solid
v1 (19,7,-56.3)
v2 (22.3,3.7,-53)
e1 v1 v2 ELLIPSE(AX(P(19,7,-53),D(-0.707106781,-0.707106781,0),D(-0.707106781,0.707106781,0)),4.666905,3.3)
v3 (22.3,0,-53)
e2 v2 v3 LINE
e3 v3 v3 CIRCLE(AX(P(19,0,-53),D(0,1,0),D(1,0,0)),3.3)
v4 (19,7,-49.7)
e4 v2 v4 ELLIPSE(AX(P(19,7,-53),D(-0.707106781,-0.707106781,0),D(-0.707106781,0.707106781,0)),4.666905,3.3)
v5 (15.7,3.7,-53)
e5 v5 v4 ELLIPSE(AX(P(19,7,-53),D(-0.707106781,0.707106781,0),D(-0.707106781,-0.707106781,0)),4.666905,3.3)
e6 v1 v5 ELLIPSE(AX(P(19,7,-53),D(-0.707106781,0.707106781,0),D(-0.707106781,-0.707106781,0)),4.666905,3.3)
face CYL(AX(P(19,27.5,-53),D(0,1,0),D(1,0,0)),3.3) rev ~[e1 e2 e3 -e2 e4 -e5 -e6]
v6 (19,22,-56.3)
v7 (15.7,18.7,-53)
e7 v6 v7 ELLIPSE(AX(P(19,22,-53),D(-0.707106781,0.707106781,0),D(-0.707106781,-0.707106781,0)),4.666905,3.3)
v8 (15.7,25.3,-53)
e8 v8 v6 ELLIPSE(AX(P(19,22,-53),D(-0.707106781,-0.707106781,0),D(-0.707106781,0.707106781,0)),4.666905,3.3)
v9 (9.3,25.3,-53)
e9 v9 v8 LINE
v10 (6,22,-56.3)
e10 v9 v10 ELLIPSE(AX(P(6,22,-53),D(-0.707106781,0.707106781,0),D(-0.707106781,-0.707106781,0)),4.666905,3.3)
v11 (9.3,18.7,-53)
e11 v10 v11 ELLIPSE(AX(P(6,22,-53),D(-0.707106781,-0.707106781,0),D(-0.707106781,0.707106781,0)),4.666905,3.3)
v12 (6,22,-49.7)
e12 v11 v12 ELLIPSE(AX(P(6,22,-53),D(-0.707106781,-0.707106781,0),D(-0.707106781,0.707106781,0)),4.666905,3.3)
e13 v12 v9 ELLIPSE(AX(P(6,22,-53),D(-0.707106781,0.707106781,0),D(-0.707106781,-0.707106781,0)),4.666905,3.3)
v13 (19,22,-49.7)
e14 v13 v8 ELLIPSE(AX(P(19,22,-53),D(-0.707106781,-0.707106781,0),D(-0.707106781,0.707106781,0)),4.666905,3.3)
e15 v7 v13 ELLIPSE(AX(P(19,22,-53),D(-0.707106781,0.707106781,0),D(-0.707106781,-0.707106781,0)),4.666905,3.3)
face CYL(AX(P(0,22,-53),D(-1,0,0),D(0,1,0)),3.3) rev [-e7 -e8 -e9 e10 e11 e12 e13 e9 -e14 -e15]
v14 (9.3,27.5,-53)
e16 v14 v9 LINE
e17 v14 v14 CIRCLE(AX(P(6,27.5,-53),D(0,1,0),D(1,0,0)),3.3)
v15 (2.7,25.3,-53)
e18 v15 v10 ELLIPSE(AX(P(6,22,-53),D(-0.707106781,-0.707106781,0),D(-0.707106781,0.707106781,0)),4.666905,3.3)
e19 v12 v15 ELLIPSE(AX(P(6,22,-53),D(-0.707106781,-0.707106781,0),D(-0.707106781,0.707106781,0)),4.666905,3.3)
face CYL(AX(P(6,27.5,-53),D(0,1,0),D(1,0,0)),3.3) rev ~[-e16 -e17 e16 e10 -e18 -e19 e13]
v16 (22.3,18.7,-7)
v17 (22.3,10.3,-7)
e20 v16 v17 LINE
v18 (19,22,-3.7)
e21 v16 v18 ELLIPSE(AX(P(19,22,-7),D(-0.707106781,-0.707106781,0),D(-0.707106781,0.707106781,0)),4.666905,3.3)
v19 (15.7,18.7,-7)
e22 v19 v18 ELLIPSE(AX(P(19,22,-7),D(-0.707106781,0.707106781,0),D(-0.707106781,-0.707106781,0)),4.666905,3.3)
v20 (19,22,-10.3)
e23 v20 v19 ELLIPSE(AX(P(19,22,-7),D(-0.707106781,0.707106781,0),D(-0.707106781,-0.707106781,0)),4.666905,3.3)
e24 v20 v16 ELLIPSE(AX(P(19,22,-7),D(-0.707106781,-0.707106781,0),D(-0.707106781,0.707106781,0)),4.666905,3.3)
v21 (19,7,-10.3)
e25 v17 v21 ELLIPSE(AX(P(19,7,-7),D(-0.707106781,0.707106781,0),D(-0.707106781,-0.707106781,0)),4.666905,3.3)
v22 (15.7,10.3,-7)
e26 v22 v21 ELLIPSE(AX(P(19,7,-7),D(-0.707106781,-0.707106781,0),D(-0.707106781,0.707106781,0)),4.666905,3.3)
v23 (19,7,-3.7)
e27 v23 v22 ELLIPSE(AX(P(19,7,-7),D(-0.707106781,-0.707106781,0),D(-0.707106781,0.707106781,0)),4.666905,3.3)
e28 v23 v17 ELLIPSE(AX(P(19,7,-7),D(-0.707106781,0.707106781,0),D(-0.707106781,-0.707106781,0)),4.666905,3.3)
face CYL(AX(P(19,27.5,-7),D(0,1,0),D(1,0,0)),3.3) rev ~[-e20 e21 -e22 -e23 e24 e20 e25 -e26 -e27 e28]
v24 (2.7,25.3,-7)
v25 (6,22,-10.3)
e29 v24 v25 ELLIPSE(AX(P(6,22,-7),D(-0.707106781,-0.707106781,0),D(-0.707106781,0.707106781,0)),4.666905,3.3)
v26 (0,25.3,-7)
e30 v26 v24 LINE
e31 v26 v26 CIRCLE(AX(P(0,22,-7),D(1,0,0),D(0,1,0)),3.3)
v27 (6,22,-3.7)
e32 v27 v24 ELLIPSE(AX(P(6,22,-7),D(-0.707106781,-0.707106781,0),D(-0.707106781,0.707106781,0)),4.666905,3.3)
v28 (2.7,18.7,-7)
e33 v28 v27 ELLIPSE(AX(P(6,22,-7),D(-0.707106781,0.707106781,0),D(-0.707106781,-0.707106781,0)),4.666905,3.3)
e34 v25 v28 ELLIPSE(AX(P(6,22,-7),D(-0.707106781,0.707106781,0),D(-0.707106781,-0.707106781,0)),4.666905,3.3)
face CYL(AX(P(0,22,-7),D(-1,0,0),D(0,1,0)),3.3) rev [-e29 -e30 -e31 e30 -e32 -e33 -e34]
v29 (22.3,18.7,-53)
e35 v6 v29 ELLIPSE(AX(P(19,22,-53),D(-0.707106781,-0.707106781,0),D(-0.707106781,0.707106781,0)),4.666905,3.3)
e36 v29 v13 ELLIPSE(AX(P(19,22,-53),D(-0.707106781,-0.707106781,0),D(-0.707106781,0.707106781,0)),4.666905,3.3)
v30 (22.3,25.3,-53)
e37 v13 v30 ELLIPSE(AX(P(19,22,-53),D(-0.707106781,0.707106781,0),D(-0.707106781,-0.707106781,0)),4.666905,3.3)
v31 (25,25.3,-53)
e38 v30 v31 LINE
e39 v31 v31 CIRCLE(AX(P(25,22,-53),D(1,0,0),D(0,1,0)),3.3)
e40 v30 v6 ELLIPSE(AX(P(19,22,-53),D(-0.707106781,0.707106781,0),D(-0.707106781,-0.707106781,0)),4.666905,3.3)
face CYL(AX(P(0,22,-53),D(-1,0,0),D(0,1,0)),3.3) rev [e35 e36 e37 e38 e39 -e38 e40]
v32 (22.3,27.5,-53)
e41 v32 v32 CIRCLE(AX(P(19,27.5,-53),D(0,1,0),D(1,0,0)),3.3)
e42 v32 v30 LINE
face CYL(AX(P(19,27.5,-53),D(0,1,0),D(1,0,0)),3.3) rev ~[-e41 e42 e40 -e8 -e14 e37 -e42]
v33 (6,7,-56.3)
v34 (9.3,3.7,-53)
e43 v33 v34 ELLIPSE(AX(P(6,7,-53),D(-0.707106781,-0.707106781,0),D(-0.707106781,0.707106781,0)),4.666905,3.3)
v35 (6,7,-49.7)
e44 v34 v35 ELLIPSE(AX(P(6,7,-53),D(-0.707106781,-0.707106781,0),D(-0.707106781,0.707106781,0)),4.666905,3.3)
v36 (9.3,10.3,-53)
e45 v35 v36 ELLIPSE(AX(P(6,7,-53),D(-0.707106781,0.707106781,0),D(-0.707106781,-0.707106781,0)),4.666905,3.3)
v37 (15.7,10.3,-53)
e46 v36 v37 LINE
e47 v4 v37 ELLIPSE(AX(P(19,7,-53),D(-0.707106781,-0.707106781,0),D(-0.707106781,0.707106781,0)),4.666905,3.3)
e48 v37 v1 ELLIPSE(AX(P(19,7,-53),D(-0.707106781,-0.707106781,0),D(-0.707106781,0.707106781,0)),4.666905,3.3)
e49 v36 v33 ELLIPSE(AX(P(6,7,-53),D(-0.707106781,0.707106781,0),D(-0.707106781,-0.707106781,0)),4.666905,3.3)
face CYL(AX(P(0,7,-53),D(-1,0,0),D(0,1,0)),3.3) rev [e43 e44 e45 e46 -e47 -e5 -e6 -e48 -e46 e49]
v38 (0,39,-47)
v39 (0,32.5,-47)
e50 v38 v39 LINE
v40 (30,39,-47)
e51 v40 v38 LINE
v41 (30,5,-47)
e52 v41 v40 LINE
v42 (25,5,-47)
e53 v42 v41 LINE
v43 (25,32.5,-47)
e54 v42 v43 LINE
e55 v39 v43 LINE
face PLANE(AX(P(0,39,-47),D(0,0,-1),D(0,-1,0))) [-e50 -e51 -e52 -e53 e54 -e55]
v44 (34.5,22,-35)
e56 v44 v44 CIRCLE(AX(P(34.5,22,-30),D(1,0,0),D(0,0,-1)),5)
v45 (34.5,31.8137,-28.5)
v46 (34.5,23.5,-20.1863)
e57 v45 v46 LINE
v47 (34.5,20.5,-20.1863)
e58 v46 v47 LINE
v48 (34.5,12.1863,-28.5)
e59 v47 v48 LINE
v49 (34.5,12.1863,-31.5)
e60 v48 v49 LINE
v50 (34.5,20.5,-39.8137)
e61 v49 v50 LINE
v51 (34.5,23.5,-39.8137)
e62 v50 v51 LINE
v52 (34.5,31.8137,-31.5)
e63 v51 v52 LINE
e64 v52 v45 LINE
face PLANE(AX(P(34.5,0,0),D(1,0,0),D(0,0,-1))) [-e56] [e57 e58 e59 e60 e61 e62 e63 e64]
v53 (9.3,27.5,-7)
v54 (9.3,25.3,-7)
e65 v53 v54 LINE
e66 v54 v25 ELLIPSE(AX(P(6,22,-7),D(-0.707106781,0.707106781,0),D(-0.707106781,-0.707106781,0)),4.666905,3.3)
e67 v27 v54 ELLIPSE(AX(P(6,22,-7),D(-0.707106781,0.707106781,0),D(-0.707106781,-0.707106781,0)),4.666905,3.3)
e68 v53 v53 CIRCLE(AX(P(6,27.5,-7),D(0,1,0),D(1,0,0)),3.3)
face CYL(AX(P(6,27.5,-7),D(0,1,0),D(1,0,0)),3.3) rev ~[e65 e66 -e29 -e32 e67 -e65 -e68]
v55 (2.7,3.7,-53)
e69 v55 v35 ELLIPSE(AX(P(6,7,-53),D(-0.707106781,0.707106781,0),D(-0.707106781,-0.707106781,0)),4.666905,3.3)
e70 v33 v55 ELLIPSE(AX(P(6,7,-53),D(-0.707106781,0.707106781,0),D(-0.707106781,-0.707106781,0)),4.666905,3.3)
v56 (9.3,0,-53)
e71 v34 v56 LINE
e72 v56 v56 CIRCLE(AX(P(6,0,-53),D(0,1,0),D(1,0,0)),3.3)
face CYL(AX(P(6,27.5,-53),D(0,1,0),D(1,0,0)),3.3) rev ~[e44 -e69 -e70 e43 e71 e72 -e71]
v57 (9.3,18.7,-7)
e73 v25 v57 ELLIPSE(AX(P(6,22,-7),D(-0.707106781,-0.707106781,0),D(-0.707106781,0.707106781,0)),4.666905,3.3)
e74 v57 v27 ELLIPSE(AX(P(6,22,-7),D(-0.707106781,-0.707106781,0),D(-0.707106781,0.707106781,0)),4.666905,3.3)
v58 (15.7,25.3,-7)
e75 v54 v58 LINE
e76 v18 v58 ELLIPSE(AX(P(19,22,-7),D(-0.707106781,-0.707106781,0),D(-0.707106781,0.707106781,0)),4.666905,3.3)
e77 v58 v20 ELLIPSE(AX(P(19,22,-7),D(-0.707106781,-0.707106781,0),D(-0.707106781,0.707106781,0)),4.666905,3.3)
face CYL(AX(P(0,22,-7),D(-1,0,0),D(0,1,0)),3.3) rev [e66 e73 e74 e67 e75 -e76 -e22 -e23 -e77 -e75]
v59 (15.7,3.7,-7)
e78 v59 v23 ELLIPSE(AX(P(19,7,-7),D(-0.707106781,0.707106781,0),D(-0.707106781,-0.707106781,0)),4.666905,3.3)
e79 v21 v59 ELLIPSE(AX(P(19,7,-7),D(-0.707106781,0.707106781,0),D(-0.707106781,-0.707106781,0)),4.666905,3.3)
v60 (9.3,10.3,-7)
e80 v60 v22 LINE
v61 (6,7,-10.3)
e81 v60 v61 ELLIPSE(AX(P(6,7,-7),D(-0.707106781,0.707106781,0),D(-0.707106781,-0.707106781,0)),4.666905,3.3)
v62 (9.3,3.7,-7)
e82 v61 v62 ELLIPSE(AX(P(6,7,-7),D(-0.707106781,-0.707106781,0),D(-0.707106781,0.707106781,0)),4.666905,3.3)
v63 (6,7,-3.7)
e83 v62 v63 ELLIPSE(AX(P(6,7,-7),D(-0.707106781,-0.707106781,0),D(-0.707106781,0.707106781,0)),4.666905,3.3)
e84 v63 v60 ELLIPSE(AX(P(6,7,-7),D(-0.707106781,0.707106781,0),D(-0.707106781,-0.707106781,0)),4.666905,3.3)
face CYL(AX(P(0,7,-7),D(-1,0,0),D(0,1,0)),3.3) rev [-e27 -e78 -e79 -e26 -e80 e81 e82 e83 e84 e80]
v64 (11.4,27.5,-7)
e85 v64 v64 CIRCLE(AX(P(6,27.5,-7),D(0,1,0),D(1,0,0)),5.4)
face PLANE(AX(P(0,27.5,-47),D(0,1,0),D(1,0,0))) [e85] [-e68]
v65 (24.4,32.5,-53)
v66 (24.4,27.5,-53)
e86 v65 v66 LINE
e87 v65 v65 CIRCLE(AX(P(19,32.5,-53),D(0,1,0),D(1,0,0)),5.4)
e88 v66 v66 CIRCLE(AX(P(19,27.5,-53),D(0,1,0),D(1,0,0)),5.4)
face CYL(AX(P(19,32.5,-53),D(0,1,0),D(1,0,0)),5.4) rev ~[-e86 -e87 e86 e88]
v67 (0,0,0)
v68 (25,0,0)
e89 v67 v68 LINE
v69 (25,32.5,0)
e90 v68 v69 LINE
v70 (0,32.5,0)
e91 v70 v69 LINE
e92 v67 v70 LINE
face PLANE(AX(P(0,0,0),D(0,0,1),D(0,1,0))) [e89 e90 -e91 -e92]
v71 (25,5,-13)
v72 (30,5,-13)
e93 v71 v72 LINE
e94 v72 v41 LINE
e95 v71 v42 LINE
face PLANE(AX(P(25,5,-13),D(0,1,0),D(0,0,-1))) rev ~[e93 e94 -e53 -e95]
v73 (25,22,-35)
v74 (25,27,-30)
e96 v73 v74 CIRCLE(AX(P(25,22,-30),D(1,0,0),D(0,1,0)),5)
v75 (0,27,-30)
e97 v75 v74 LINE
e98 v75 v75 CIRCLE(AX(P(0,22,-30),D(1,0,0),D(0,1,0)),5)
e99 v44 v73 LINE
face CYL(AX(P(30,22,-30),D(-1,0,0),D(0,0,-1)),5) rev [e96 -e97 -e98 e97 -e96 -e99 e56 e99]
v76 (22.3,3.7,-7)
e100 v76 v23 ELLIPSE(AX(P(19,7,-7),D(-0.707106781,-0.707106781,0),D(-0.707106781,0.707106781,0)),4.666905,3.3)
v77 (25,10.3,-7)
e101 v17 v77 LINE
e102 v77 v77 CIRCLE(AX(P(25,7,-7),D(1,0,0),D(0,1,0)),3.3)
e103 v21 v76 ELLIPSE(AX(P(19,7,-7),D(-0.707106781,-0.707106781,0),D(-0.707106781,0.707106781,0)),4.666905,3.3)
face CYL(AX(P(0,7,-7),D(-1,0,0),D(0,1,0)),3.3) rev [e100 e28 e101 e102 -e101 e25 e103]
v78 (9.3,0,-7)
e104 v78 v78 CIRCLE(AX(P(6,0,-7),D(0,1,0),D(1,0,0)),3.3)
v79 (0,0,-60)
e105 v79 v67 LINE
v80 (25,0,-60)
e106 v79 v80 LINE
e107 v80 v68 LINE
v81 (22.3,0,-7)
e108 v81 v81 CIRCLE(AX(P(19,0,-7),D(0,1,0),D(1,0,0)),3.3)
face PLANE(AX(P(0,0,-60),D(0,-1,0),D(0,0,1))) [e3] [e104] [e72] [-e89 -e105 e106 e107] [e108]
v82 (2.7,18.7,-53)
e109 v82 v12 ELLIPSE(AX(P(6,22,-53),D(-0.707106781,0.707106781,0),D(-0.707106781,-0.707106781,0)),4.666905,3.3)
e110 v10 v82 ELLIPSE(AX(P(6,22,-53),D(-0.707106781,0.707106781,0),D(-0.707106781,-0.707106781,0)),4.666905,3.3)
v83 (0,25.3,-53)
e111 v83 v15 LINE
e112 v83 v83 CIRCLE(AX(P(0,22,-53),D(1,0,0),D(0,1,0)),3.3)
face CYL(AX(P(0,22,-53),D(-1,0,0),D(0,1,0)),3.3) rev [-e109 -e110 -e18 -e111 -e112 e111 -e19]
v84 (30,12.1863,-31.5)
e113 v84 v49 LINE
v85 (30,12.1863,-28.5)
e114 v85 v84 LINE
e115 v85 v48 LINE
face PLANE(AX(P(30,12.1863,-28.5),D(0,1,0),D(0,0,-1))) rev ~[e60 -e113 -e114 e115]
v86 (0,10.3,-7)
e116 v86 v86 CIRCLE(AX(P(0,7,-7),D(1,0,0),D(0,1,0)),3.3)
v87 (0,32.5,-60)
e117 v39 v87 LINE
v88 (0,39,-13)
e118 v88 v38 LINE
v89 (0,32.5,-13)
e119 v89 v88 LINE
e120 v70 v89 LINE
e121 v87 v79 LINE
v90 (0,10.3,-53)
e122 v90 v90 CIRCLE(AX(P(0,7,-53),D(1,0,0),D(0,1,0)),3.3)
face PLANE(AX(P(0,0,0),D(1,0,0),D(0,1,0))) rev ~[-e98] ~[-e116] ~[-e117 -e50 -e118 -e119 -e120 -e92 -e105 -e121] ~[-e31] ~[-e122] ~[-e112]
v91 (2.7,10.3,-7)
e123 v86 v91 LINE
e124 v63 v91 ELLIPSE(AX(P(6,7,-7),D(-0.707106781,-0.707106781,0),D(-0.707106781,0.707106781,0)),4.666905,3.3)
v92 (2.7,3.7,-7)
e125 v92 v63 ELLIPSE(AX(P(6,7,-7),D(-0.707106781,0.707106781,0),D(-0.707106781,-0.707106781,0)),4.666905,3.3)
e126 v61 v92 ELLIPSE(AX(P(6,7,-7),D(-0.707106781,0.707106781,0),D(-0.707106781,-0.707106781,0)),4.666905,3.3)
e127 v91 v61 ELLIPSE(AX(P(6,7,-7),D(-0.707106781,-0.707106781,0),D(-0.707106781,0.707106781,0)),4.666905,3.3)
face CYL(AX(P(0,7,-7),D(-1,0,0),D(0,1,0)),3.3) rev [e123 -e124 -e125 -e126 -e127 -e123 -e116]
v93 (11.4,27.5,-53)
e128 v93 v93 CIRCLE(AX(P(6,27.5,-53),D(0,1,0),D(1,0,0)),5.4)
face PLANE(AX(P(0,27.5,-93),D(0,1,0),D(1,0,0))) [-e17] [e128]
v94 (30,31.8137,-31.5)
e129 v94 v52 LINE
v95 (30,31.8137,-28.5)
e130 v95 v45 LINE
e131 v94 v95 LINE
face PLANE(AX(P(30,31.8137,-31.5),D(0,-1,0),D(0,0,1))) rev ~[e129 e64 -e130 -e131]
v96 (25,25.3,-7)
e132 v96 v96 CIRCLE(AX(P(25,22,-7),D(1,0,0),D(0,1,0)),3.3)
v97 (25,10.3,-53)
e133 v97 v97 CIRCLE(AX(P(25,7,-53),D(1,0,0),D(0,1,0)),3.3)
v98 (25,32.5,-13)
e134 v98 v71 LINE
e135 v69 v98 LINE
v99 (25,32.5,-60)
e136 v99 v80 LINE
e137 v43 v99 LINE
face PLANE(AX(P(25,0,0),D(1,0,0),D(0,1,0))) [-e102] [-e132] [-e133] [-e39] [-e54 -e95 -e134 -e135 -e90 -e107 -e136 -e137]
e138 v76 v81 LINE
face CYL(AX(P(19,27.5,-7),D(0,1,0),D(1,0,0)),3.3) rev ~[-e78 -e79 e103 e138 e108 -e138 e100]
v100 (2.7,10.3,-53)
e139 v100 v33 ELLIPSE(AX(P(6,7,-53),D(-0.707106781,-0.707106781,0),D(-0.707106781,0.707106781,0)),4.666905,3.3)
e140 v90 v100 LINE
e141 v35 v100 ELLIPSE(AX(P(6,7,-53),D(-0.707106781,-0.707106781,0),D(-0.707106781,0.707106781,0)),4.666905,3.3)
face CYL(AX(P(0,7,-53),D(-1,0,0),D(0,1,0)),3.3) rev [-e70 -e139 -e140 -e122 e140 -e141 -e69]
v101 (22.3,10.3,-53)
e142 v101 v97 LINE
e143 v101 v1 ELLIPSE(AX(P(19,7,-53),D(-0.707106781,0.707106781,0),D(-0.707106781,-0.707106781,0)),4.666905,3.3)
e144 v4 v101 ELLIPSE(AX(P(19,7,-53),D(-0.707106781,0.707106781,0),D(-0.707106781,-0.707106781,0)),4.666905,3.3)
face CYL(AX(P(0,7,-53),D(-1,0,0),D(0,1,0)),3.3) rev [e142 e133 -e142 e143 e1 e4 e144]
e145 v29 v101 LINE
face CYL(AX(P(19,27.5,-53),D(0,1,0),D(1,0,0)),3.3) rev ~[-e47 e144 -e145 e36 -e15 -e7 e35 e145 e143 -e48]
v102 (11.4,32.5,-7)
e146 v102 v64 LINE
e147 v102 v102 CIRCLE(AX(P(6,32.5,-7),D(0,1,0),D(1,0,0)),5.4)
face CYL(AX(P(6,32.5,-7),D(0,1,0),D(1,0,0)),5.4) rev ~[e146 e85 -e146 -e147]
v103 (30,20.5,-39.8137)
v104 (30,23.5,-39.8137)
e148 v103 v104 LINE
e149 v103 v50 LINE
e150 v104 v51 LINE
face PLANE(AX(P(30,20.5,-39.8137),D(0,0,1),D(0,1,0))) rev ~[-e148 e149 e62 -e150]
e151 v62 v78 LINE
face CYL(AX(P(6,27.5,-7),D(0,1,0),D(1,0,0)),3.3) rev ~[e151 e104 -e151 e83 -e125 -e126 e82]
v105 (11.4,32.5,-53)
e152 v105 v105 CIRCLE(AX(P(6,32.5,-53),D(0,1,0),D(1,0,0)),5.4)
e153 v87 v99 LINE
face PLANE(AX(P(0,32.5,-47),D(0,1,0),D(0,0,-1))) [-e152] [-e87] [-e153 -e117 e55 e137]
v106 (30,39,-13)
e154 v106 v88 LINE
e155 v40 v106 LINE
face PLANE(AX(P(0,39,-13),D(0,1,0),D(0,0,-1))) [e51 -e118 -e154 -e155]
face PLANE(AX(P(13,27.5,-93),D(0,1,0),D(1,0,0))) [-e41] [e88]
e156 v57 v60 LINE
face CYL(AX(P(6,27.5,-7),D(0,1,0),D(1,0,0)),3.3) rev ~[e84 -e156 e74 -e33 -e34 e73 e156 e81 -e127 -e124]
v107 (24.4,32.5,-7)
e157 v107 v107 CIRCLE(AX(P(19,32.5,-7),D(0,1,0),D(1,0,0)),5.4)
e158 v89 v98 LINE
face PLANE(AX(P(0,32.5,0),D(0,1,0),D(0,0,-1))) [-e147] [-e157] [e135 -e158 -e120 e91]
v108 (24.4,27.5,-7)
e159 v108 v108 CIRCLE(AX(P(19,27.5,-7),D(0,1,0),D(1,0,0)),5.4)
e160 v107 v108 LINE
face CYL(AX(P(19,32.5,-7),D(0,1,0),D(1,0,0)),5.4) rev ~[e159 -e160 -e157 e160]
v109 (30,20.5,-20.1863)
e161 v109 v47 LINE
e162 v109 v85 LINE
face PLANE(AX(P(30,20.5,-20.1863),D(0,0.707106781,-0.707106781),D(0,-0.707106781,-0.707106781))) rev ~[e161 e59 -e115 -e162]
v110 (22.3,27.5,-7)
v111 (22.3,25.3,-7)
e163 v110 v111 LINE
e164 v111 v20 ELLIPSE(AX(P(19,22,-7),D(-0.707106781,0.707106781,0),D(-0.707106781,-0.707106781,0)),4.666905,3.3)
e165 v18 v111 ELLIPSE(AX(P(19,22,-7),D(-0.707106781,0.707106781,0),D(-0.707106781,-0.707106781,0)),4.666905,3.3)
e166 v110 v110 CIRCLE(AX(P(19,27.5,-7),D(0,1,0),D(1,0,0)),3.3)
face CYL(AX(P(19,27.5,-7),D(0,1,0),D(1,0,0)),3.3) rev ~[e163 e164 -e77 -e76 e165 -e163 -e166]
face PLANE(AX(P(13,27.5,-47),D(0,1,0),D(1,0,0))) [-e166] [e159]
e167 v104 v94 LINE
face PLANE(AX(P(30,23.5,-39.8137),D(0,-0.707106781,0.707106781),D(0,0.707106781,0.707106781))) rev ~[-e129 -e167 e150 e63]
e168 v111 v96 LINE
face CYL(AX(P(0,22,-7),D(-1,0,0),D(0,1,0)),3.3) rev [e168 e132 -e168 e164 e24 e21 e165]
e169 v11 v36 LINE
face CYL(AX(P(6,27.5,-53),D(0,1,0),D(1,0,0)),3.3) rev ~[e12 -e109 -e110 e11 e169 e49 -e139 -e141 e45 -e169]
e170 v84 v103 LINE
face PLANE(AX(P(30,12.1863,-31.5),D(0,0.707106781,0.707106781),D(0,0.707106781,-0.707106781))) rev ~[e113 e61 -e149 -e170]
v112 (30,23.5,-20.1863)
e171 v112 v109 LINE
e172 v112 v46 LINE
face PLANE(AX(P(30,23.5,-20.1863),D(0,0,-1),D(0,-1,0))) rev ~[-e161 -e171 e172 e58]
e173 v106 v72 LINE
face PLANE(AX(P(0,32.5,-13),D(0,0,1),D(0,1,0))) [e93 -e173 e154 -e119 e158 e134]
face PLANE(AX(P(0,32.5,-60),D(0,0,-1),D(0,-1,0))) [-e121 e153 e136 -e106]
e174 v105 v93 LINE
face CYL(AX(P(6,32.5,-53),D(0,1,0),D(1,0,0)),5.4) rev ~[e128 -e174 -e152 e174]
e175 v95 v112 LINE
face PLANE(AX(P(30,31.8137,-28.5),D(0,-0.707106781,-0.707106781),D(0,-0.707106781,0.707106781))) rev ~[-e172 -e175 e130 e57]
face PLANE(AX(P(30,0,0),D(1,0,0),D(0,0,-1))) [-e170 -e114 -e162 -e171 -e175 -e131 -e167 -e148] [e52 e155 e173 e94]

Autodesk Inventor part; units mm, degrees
ref_plane "YZ Plane" through (0, 0, 0) normal (1, 0, 0) x (0, 1, 0)
ref_plane "XZ Plane" through (0, 0, 0) normal (0, 1, 0) x (-1, 0, 0)
ref_plane "XY Plane" through (0, 0, 0) normal (0, 0, 1) x (1, 0, 0)
sketch "Sketch1" plane through (0, 0, 0) normal (1, 0, 0) x (0, 1, 0)
  line L0 (0, 0) -> (32.5, 0)
  line L1 (32.5, 0) -> (32.5, -13)
  line L2 (32.5, -60) -> (0, -60)
  line L3 (0, -60) -> (0, 0)
  circle A0 centre (22, -53) radius 3.3
  circle A1 centre (22, -7) radius 3.3
  circle A2 centre (7, -7) radius 3.3
  circle A3 centre (7, -53) radius 3.3
  line L4 (22, -7) -> (7, -7) construction
  line L5 (7, -7) -> (7, -53) construction
  line L6 (7, -53) -> (22, -53) construction
  line L7 (22, -53) -> (22, -7) construction
  line L8 (32.5, -13) -> (39, -13)
  line L9 (39, -13) -> (39, -47)
  line L10 (39, -47) -> (32.5, -47)
  line L11 (32.5, -47) -> (32.5, -60)
  line L12 (32.5, -13) -> (32.5, -47) construction
  circle A4 centre (22, -30) radius 5
  point P0 (32.5, -30)
  dimension "d0" = 60
  dimension "d1" = 6.6
  dimension "d2" = 15
  dimension "d3" = 46
  dimension "d4" = 22
  dimension "d5" = 32.5
  dimension "d6" = 34
  dimension "d7" = 39
  dimension "d8" = 10
extrude "Extrusion1" add sketch "Sketch1" along normal blind 25
sketch "Sketch2" plane through (25, 0, 0) normal (1, 0, 0) x (0, 0, -1)
  line L0 (47, 39) -> (13, 39) projected
  line L1 (13, 39) -> (13, 5)
  line L2 (13, 5) -> (47, 5)
  line L3 (47, 5) -> (47, 39)
  circle A0 centre (30, 22) radius 5 projected
  point P0 (0, 0)
extrude "Extrusion2" add sketch "Sketch2" along normal blind 5
sketch "Sketch3" plane through (30, 0, 0) normal (1, 0, 0) x (0, 0, -1)
  circle A0 centre (30, 22) radius 5 projected
  circle A1 centre (30, 22) radius 5 projected
  line L0 (20.1863, 23.5) -> (20.1863, 20.5)
  line L1 (20.1863, 20.5) -> (28.5, 12.1863)
  line L2 (28.5, 12.1863) -> (31.5, 12.1863)
  line L3 (31.5, 12.1863) -> (39.8137, 20.5)
  line L4 (39.8137, 20.5) -> (39.8137, 23.5)
  line L5 (39.8137, 23.5) -> (31.5, 31.8137)
  line L6 (31.5, 31.8137) -> (28.5, 31.8137)
  line L7 (28.5, 31.8137) -> (20.1863, 23.5)
  point P0 (0, 0)
  point P1 (30, 12.1863)
  point P2 (20.1863, 22)
  point P3 (35.6569, 27.6569)
  point P4 (24.3431, 16.3431)
  dimension "d14" = 135
  dimension "d15" = 16
  dimension "d16" = 3
extrude "Extrusion3" add sketch "Sketch3" along normal blind 4.5
sketch "Sketch4" plane through (0, 32.5, -47) normal (0, 1, 0) x (1, 0, 0)
  circle A0 centre (6, -40) radius 5.4
  point P0 (0, -47)
  dimension "d19" = 10.8
  dimension "d20" = 6
  dimension "d21" = 7
extrude "Extrusion4" cut sketch "Sketch4" against normal blind 5
sketch "Sketch5" plane through (6, 27.5, -7) normal (0, 1, 0) x (1, 0, 0)
  circle A0 centre (0, 0) radius 3.3
  circle A1 centre (0, 0) radius 5.4 construction
  point P0 (-6, -7)
  dimension "d24" = 6.6
extrude "Extrusion5" cut sketch "Sketch5" against normal up to surface (27.5 mm away)
pattern_linear "Rectangular Pattern1" count 2 spacing 13 along (1, 0, 0) count 2 spacing -46 along (0, 0, 1) of "Extrusion5", "Extrusion4"
properties part number "BK10_Frame"
